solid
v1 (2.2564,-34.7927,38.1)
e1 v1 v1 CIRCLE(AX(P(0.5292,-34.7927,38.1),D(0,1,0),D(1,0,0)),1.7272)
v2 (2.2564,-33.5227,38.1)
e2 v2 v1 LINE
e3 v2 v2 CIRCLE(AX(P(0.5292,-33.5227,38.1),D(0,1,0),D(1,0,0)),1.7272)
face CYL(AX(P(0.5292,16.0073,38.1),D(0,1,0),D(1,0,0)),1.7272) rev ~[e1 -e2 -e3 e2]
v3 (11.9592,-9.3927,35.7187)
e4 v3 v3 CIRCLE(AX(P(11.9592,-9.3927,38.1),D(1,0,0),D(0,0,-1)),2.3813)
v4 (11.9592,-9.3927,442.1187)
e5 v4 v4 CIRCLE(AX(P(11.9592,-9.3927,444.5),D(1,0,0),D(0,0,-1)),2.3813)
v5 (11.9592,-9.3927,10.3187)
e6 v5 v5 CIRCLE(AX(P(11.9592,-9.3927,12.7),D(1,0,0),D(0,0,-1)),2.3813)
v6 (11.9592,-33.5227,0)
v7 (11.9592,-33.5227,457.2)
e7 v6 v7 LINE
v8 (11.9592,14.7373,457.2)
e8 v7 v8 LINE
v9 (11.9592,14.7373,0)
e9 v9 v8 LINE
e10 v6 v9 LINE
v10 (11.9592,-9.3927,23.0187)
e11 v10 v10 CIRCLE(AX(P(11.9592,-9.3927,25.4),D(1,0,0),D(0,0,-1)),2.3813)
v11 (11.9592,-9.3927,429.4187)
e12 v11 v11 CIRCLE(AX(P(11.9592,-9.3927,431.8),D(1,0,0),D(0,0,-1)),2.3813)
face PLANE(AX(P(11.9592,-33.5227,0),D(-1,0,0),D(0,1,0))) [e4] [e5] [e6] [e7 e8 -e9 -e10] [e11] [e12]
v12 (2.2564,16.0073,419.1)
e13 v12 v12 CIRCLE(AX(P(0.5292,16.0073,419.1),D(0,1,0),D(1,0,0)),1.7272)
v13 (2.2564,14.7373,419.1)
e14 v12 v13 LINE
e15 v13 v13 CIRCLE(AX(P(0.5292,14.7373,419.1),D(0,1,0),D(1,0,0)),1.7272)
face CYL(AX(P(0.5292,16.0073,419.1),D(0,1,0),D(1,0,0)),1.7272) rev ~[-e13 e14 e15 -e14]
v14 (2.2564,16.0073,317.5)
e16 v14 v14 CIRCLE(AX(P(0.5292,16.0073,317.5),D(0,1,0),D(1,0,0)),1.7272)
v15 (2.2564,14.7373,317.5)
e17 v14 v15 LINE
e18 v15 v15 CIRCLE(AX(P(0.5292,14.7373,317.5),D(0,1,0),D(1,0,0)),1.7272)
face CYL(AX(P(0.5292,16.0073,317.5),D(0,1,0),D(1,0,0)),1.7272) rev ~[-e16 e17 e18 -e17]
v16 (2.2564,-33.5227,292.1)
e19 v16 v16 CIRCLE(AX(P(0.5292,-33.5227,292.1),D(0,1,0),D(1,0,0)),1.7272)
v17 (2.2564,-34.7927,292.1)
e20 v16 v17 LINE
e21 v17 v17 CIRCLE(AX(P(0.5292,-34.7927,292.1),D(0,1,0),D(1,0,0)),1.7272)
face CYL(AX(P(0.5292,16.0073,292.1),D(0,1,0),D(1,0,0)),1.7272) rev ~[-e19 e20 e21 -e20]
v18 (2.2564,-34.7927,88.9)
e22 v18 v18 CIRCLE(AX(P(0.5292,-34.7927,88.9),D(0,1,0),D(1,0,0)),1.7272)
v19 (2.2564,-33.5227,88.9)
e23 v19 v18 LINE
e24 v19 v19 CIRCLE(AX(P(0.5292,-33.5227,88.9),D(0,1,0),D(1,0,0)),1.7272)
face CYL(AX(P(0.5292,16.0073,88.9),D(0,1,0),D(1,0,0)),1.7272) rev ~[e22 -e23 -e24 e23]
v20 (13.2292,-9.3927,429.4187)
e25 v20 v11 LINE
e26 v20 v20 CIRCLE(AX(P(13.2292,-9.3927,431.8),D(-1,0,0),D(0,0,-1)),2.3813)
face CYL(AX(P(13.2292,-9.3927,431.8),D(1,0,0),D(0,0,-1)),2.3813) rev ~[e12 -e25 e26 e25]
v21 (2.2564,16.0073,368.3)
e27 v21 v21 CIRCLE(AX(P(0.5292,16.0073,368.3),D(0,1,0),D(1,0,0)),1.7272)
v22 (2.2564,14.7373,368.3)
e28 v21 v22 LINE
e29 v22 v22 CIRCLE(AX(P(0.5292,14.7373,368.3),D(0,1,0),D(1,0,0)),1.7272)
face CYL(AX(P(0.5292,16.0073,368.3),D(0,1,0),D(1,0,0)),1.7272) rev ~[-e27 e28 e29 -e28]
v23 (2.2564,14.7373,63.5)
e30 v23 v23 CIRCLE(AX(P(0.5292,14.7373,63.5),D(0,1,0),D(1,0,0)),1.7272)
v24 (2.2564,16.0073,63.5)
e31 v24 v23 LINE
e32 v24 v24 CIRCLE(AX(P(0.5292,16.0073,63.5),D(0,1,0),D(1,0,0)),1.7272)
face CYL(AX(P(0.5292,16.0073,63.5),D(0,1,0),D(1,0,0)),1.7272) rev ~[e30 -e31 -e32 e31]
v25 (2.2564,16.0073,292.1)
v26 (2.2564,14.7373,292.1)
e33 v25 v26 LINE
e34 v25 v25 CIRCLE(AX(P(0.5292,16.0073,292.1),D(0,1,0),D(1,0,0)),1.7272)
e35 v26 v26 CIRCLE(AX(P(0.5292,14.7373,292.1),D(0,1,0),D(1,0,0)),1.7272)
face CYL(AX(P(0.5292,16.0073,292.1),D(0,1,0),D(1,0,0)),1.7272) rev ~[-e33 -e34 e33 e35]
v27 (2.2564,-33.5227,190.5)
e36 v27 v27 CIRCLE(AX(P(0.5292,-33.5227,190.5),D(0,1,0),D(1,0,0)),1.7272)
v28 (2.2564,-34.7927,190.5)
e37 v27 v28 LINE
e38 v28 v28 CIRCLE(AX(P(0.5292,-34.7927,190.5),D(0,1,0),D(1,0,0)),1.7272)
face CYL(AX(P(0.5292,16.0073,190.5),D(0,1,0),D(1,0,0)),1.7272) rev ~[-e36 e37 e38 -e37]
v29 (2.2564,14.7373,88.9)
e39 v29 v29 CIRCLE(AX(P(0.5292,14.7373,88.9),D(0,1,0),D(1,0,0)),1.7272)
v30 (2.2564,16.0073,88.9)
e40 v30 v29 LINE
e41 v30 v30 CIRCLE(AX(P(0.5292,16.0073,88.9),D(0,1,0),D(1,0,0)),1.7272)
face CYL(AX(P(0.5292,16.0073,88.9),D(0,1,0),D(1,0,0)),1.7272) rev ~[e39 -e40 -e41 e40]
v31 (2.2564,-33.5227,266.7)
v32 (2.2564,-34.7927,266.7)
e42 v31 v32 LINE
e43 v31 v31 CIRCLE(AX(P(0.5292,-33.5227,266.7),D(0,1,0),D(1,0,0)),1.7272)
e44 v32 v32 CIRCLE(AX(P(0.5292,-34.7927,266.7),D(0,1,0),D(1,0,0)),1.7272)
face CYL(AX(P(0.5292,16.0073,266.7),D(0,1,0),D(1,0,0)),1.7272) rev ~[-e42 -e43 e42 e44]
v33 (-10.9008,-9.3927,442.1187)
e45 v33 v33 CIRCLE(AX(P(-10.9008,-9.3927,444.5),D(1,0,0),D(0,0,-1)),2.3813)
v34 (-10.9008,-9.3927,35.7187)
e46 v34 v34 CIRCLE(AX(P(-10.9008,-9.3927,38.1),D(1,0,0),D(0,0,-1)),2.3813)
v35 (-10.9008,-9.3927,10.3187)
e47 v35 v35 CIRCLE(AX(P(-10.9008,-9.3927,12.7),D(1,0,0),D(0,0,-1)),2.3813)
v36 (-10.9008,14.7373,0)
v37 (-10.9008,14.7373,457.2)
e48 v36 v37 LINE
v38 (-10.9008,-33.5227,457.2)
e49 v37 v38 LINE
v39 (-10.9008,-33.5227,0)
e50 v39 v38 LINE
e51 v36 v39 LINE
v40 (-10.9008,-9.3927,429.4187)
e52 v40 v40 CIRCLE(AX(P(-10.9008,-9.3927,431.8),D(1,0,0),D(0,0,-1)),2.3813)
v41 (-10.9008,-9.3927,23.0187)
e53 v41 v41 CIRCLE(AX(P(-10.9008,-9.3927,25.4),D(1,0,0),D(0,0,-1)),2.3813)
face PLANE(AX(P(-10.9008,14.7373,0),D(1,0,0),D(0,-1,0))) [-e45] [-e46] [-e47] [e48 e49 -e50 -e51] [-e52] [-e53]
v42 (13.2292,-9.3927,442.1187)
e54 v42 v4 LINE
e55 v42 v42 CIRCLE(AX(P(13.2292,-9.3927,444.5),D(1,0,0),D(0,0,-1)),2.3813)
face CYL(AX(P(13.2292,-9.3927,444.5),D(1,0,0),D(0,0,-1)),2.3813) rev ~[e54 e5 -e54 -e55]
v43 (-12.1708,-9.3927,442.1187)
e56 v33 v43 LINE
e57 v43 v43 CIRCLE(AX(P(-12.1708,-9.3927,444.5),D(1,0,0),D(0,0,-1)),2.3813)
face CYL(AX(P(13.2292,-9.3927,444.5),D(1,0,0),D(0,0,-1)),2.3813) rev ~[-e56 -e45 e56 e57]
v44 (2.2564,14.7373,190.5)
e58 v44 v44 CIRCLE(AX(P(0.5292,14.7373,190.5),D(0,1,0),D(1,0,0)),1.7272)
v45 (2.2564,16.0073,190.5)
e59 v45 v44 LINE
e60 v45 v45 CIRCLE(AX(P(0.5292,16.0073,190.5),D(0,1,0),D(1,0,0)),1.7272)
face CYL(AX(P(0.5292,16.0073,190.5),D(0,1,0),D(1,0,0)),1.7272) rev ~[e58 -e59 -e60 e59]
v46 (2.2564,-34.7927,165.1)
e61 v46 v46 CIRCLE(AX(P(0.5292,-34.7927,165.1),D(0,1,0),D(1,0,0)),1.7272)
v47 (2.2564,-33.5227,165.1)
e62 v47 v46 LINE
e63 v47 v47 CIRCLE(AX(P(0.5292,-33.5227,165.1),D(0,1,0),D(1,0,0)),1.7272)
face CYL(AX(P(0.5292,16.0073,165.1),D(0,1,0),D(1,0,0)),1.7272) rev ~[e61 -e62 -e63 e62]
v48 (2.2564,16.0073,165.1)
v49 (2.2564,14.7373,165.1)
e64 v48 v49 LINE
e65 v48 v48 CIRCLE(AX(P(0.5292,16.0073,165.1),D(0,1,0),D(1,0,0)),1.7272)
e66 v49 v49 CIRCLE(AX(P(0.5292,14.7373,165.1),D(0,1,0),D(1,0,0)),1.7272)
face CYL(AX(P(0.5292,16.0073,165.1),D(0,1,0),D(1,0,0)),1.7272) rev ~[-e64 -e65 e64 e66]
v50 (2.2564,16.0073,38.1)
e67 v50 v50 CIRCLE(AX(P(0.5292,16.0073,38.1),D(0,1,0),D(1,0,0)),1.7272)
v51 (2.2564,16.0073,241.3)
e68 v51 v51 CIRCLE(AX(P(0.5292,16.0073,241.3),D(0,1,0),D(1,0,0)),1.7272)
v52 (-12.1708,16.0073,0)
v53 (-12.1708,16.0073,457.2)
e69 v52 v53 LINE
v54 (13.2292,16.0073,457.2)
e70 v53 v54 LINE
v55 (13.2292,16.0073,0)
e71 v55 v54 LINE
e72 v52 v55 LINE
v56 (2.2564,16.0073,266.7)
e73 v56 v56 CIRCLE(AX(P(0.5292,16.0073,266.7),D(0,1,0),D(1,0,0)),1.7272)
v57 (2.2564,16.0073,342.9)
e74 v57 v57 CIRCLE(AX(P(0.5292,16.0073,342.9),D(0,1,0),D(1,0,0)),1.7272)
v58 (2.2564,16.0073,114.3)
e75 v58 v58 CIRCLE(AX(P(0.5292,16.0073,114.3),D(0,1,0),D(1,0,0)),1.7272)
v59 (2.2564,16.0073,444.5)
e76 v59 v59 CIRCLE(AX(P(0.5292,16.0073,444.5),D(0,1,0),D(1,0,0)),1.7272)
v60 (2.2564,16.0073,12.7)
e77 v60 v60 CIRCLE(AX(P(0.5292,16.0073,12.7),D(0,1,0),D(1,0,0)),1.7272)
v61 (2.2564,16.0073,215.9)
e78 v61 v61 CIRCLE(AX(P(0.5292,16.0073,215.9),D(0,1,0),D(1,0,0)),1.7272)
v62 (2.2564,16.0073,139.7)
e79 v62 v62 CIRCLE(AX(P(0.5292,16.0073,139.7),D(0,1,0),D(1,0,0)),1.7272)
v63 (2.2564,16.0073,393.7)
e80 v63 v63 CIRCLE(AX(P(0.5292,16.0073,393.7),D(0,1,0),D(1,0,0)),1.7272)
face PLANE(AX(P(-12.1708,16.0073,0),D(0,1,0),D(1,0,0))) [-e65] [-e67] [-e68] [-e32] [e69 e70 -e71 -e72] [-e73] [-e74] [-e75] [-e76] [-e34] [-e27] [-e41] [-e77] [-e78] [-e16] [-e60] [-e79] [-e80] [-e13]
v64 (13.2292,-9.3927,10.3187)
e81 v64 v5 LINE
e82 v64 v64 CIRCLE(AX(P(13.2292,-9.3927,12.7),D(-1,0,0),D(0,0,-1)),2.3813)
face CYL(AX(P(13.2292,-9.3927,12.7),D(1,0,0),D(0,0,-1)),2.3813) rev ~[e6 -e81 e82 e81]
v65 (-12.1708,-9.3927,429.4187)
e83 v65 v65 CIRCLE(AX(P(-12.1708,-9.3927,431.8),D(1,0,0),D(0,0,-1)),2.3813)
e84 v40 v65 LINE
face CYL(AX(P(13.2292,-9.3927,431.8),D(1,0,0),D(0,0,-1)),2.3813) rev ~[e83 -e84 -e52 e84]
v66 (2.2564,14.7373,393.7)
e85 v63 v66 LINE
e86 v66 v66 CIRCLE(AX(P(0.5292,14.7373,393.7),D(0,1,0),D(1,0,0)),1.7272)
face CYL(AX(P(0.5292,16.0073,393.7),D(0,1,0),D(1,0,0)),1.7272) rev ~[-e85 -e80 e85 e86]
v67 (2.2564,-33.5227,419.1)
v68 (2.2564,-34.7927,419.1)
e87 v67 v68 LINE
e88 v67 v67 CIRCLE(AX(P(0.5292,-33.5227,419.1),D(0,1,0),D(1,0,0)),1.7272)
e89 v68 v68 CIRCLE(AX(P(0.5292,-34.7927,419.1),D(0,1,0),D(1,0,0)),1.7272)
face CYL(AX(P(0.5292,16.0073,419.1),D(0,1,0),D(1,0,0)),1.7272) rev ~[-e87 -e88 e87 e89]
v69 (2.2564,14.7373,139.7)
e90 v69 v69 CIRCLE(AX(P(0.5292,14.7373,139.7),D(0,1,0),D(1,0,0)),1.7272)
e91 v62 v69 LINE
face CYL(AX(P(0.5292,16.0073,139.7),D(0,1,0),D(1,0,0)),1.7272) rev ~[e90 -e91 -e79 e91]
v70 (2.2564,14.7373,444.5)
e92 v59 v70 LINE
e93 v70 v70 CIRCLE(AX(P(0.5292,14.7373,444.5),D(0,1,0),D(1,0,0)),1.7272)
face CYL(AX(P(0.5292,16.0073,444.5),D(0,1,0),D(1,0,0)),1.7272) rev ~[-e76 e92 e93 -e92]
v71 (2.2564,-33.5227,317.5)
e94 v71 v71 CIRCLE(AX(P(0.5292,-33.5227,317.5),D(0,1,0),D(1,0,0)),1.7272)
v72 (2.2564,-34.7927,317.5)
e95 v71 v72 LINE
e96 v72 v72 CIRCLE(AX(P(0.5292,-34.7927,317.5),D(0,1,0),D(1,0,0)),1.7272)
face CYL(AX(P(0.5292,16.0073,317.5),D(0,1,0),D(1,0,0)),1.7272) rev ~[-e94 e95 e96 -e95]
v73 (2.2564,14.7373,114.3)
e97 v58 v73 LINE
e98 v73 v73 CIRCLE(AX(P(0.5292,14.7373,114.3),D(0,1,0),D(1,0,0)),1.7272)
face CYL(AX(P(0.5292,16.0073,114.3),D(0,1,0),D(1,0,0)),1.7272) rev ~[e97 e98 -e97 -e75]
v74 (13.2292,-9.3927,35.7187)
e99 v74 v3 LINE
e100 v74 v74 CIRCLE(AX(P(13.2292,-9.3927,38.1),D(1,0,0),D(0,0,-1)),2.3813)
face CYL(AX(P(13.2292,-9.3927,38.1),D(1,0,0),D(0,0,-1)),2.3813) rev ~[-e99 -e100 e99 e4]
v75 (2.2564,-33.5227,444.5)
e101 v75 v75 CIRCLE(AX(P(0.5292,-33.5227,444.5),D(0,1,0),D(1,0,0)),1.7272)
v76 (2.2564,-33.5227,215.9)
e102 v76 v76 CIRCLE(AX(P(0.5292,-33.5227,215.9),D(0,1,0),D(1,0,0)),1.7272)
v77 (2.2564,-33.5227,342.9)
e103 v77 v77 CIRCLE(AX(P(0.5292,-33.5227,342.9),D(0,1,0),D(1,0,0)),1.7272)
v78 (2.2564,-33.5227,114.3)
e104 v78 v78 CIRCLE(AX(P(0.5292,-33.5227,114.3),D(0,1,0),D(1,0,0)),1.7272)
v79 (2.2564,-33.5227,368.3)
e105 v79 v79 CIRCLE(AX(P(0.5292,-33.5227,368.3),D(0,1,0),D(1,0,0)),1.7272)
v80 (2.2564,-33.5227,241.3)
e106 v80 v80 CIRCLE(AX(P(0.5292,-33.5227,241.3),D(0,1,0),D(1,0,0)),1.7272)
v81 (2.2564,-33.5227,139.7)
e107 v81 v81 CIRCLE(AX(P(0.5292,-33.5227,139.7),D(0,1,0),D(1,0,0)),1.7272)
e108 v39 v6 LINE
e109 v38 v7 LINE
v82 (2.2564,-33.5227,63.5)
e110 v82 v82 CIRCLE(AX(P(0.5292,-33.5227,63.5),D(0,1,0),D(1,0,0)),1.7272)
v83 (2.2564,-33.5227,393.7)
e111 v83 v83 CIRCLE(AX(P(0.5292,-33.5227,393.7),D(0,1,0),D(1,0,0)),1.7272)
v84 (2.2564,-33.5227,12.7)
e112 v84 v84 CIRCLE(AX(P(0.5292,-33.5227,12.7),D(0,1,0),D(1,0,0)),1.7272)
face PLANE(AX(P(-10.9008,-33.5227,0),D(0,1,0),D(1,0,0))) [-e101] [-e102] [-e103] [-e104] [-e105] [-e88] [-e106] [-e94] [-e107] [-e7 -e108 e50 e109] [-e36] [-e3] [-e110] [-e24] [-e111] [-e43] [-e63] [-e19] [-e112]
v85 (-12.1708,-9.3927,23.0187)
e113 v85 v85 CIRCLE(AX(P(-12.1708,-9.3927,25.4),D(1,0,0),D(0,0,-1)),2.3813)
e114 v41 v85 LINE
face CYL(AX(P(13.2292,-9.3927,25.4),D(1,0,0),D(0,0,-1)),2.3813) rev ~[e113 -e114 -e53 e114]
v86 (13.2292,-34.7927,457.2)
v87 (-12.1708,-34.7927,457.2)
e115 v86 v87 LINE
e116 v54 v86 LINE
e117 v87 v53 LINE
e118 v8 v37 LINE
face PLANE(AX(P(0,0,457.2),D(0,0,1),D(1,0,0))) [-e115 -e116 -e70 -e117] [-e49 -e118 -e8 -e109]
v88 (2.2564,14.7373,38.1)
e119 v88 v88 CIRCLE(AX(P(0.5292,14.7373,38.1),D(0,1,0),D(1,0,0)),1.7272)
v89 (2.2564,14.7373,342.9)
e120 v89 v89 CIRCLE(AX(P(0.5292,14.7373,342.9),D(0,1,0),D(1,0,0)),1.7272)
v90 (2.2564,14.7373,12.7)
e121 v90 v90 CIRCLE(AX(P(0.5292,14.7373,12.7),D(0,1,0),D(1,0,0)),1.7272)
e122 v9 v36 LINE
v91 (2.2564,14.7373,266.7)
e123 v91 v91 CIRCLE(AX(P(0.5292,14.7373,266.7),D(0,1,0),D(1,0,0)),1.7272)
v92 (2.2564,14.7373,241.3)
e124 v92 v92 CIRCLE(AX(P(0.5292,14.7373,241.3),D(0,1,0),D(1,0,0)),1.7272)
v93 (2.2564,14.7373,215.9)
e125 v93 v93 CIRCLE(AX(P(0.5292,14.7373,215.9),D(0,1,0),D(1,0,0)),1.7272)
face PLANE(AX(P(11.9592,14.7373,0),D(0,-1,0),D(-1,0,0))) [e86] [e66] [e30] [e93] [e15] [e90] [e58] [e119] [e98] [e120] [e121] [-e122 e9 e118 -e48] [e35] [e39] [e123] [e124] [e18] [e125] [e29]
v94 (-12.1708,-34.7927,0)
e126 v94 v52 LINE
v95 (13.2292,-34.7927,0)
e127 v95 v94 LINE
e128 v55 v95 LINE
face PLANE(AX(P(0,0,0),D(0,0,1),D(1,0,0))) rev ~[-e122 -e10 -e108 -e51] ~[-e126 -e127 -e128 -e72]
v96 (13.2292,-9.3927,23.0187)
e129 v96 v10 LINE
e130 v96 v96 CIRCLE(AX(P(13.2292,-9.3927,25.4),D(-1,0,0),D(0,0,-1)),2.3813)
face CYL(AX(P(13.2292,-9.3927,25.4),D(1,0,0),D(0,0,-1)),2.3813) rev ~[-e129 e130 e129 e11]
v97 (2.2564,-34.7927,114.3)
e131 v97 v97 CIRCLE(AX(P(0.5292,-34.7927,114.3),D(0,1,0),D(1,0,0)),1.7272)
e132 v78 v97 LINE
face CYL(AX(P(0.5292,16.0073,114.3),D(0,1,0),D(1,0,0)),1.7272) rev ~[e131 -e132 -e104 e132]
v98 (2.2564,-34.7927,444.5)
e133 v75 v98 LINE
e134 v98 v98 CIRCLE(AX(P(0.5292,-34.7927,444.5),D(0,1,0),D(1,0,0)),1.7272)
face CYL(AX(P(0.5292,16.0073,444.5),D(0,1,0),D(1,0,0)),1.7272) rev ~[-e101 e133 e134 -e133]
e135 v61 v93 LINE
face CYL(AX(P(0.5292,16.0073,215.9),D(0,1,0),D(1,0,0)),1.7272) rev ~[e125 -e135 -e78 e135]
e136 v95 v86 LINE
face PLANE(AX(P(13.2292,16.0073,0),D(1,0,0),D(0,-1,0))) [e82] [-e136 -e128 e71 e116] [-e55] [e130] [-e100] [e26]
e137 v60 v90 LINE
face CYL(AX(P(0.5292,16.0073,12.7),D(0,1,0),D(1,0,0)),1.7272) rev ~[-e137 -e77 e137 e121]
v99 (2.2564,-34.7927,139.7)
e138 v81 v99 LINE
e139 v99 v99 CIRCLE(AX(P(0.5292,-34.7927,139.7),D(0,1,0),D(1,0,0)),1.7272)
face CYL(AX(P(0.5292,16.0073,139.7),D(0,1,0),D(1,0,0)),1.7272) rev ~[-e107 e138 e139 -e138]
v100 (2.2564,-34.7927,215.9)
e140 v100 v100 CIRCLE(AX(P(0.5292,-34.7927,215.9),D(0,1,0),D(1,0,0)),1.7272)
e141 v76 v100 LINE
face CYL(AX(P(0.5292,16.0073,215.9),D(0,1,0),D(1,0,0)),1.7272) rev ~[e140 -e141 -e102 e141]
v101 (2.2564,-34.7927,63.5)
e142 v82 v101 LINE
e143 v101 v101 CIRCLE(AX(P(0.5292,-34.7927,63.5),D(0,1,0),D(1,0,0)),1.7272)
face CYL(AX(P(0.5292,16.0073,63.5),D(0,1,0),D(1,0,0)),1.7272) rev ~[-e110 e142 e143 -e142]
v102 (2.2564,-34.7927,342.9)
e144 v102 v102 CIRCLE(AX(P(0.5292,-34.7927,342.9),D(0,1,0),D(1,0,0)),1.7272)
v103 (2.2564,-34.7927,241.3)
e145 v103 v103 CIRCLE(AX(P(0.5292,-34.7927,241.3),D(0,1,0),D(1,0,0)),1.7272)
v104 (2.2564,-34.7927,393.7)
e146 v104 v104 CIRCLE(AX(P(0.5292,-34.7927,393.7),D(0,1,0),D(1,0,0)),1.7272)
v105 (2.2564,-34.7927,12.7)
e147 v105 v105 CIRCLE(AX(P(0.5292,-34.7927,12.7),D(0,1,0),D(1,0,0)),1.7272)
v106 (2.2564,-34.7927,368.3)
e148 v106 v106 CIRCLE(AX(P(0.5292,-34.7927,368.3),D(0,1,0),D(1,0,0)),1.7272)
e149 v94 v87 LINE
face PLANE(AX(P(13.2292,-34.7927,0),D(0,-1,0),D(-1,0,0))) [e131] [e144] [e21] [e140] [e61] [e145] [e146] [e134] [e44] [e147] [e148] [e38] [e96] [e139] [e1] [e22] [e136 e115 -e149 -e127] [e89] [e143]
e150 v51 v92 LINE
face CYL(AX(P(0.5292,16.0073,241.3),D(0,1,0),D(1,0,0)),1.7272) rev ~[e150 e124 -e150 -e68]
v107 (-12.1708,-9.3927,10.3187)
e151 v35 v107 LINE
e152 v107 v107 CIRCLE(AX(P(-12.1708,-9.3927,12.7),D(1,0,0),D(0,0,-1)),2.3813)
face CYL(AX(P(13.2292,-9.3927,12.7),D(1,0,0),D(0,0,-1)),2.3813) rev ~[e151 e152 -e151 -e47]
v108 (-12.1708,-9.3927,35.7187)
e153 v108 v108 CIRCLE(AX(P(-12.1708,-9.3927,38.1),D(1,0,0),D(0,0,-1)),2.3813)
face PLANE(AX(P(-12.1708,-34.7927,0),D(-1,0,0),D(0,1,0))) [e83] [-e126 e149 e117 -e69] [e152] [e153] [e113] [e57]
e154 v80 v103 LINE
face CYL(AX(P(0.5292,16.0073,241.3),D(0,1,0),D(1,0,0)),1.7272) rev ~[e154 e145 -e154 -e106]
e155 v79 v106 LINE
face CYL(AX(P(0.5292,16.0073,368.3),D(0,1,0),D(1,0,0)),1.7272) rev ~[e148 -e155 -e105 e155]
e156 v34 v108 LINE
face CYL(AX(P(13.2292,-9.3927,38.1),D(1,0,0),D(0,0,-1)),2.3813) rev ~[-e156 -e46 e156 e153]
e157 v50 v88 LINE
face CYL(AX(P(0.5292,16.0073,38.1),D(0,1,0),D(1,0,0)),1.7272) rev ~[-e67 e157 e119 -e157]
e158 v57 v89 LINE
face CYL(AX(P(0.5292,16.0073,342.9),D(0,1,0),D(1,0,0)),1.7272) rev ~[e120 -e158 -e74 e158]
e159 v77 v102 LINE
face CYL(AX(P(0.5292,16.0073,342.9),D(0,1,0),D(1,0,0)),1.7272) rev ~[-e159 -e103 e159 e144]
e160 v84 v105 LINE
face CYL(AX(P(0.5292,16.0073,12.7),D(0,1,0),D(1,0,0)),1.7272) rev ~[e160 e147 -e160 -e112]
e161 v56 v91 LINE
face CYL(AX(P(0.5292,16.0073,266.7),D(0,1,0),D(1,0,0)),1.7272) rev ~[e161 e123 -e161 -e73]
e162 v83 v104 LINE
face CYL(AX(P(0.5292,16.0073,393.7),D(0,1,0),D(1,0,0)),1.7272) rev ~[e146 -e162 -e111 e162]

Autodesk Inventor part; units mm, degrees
ref_plane "YZ Plane" through (0, 0, 0) normal (1, 0, 0) x (0, 1, 0)
ref_plane "XZ Plane" through (0, 0, 0) normal (0, 1, 0) x (-1, 0, 0)
ref_plane "XY Plane" through (0, 0, 0) normal (0, 0, 1) x (1, 0, 0)
sketch "Sketch1" plane through (0, 0, 0) normal (0, 0, 1) x (1, 0, 0)
  line L0 (-12.1708, 16.0073) -> (13.2292, 16.0073)
  line L1 (13.2292, 16.0073) -> (13.2292, -34.7927)
  line L2 (13.2292, -34.7927) -> (-12.1708, -34.7927)
  line L3 (-12.1708, -34.7927) -> (-12.1708, 16.0073)
  line L4 (11.9592, 14.7373) -> (-10.9008, 14.7373)
  line L5 (-10.9008, 14.7373) -> (-10.9008, -33.5227)
  line L6 (-10.9008, -33.5227) -> (11.9592, -33.5227)
  line L7 (11.9592, -33.5227) -> (11.9592, 14.7373)
  point P0 (0, 0)
  dimension "d0" = 25.4
  dimension "d1" = 50.8
  dimension "d2" = 1.27
extrude "Extrusion1" add sketch "Sketch1" along normal blind 457.2
sketch "Sketch2" plane through (-12.1708, 16.0073, 0) normal (0, 1, 0) x (1, 0, 0)
  circle A0 centre (12.7, -12.7) radius 1.7272
  line L0 (25.4, 0) -> (0, 0) projected
  line L1 (0, 0) -> (0, -457.2) projected
  point P0 (12.1708, 0)
  dimension "d5" = 3.4544
  dimension "d6" = 12.7
  dimension "d7" = 12.7
extrude "Extrusion2" cut sketch "Sketch2" against normal through all
pattern_linear "Rectangular Pattern1" count 46 spacing 25.4 along (0, 0, 1) of "Extrusion2"
sketch "Sketch5" plane through (13.2292, -34.7927, 0) normal (1, 0, 0) x (0, 0, -1)
  circle A0 centre (-444.5, 25.4) radius 2.3813
  circle A1 centre (-431.8, 25.4) radius 2.3813
  line L0 (-444.5, 25.4) -> (-419.1, 25.4)
  line L1 (0, 0) -> (-457.2, 0) projected
  line L2 (-457.2, 0) -> (-457.2, 50.8) projected
  circle A2 centre (-38.1, 25.4) radius 2.3813
  circle A3 centre (-25.4, 25.4) radius 2.3813
  circle A4 centre (-12.7, 25.4) radius 2.3813
  line L3 (-38.1, 25.4) -> (-12.7, 25.4)
  line L4 (0, 0) -> (0, 50.8) projected
  point P0 (0, 34.7927)
  dimension "d40" = 4.7625
  dimension "d41" = 25.4
  dimension "d42" = 25.4
  dimension "d43" = 12.7
  dimension "d44" = 4.7625
  dimension "d45" = 25.4
  dimension "d46" = 25.4
  dimension "d47" = 12.7
extrude "Extrusion5" cut sketch "Sketch5" against normal through all
equation "\"d3\" = d13"
equation "\"d10\" = d14"
equation "\"d13\" = 457.2"
equation "\"d14\" = d13"
properties part number "Long bar 4- VersaFrame"
